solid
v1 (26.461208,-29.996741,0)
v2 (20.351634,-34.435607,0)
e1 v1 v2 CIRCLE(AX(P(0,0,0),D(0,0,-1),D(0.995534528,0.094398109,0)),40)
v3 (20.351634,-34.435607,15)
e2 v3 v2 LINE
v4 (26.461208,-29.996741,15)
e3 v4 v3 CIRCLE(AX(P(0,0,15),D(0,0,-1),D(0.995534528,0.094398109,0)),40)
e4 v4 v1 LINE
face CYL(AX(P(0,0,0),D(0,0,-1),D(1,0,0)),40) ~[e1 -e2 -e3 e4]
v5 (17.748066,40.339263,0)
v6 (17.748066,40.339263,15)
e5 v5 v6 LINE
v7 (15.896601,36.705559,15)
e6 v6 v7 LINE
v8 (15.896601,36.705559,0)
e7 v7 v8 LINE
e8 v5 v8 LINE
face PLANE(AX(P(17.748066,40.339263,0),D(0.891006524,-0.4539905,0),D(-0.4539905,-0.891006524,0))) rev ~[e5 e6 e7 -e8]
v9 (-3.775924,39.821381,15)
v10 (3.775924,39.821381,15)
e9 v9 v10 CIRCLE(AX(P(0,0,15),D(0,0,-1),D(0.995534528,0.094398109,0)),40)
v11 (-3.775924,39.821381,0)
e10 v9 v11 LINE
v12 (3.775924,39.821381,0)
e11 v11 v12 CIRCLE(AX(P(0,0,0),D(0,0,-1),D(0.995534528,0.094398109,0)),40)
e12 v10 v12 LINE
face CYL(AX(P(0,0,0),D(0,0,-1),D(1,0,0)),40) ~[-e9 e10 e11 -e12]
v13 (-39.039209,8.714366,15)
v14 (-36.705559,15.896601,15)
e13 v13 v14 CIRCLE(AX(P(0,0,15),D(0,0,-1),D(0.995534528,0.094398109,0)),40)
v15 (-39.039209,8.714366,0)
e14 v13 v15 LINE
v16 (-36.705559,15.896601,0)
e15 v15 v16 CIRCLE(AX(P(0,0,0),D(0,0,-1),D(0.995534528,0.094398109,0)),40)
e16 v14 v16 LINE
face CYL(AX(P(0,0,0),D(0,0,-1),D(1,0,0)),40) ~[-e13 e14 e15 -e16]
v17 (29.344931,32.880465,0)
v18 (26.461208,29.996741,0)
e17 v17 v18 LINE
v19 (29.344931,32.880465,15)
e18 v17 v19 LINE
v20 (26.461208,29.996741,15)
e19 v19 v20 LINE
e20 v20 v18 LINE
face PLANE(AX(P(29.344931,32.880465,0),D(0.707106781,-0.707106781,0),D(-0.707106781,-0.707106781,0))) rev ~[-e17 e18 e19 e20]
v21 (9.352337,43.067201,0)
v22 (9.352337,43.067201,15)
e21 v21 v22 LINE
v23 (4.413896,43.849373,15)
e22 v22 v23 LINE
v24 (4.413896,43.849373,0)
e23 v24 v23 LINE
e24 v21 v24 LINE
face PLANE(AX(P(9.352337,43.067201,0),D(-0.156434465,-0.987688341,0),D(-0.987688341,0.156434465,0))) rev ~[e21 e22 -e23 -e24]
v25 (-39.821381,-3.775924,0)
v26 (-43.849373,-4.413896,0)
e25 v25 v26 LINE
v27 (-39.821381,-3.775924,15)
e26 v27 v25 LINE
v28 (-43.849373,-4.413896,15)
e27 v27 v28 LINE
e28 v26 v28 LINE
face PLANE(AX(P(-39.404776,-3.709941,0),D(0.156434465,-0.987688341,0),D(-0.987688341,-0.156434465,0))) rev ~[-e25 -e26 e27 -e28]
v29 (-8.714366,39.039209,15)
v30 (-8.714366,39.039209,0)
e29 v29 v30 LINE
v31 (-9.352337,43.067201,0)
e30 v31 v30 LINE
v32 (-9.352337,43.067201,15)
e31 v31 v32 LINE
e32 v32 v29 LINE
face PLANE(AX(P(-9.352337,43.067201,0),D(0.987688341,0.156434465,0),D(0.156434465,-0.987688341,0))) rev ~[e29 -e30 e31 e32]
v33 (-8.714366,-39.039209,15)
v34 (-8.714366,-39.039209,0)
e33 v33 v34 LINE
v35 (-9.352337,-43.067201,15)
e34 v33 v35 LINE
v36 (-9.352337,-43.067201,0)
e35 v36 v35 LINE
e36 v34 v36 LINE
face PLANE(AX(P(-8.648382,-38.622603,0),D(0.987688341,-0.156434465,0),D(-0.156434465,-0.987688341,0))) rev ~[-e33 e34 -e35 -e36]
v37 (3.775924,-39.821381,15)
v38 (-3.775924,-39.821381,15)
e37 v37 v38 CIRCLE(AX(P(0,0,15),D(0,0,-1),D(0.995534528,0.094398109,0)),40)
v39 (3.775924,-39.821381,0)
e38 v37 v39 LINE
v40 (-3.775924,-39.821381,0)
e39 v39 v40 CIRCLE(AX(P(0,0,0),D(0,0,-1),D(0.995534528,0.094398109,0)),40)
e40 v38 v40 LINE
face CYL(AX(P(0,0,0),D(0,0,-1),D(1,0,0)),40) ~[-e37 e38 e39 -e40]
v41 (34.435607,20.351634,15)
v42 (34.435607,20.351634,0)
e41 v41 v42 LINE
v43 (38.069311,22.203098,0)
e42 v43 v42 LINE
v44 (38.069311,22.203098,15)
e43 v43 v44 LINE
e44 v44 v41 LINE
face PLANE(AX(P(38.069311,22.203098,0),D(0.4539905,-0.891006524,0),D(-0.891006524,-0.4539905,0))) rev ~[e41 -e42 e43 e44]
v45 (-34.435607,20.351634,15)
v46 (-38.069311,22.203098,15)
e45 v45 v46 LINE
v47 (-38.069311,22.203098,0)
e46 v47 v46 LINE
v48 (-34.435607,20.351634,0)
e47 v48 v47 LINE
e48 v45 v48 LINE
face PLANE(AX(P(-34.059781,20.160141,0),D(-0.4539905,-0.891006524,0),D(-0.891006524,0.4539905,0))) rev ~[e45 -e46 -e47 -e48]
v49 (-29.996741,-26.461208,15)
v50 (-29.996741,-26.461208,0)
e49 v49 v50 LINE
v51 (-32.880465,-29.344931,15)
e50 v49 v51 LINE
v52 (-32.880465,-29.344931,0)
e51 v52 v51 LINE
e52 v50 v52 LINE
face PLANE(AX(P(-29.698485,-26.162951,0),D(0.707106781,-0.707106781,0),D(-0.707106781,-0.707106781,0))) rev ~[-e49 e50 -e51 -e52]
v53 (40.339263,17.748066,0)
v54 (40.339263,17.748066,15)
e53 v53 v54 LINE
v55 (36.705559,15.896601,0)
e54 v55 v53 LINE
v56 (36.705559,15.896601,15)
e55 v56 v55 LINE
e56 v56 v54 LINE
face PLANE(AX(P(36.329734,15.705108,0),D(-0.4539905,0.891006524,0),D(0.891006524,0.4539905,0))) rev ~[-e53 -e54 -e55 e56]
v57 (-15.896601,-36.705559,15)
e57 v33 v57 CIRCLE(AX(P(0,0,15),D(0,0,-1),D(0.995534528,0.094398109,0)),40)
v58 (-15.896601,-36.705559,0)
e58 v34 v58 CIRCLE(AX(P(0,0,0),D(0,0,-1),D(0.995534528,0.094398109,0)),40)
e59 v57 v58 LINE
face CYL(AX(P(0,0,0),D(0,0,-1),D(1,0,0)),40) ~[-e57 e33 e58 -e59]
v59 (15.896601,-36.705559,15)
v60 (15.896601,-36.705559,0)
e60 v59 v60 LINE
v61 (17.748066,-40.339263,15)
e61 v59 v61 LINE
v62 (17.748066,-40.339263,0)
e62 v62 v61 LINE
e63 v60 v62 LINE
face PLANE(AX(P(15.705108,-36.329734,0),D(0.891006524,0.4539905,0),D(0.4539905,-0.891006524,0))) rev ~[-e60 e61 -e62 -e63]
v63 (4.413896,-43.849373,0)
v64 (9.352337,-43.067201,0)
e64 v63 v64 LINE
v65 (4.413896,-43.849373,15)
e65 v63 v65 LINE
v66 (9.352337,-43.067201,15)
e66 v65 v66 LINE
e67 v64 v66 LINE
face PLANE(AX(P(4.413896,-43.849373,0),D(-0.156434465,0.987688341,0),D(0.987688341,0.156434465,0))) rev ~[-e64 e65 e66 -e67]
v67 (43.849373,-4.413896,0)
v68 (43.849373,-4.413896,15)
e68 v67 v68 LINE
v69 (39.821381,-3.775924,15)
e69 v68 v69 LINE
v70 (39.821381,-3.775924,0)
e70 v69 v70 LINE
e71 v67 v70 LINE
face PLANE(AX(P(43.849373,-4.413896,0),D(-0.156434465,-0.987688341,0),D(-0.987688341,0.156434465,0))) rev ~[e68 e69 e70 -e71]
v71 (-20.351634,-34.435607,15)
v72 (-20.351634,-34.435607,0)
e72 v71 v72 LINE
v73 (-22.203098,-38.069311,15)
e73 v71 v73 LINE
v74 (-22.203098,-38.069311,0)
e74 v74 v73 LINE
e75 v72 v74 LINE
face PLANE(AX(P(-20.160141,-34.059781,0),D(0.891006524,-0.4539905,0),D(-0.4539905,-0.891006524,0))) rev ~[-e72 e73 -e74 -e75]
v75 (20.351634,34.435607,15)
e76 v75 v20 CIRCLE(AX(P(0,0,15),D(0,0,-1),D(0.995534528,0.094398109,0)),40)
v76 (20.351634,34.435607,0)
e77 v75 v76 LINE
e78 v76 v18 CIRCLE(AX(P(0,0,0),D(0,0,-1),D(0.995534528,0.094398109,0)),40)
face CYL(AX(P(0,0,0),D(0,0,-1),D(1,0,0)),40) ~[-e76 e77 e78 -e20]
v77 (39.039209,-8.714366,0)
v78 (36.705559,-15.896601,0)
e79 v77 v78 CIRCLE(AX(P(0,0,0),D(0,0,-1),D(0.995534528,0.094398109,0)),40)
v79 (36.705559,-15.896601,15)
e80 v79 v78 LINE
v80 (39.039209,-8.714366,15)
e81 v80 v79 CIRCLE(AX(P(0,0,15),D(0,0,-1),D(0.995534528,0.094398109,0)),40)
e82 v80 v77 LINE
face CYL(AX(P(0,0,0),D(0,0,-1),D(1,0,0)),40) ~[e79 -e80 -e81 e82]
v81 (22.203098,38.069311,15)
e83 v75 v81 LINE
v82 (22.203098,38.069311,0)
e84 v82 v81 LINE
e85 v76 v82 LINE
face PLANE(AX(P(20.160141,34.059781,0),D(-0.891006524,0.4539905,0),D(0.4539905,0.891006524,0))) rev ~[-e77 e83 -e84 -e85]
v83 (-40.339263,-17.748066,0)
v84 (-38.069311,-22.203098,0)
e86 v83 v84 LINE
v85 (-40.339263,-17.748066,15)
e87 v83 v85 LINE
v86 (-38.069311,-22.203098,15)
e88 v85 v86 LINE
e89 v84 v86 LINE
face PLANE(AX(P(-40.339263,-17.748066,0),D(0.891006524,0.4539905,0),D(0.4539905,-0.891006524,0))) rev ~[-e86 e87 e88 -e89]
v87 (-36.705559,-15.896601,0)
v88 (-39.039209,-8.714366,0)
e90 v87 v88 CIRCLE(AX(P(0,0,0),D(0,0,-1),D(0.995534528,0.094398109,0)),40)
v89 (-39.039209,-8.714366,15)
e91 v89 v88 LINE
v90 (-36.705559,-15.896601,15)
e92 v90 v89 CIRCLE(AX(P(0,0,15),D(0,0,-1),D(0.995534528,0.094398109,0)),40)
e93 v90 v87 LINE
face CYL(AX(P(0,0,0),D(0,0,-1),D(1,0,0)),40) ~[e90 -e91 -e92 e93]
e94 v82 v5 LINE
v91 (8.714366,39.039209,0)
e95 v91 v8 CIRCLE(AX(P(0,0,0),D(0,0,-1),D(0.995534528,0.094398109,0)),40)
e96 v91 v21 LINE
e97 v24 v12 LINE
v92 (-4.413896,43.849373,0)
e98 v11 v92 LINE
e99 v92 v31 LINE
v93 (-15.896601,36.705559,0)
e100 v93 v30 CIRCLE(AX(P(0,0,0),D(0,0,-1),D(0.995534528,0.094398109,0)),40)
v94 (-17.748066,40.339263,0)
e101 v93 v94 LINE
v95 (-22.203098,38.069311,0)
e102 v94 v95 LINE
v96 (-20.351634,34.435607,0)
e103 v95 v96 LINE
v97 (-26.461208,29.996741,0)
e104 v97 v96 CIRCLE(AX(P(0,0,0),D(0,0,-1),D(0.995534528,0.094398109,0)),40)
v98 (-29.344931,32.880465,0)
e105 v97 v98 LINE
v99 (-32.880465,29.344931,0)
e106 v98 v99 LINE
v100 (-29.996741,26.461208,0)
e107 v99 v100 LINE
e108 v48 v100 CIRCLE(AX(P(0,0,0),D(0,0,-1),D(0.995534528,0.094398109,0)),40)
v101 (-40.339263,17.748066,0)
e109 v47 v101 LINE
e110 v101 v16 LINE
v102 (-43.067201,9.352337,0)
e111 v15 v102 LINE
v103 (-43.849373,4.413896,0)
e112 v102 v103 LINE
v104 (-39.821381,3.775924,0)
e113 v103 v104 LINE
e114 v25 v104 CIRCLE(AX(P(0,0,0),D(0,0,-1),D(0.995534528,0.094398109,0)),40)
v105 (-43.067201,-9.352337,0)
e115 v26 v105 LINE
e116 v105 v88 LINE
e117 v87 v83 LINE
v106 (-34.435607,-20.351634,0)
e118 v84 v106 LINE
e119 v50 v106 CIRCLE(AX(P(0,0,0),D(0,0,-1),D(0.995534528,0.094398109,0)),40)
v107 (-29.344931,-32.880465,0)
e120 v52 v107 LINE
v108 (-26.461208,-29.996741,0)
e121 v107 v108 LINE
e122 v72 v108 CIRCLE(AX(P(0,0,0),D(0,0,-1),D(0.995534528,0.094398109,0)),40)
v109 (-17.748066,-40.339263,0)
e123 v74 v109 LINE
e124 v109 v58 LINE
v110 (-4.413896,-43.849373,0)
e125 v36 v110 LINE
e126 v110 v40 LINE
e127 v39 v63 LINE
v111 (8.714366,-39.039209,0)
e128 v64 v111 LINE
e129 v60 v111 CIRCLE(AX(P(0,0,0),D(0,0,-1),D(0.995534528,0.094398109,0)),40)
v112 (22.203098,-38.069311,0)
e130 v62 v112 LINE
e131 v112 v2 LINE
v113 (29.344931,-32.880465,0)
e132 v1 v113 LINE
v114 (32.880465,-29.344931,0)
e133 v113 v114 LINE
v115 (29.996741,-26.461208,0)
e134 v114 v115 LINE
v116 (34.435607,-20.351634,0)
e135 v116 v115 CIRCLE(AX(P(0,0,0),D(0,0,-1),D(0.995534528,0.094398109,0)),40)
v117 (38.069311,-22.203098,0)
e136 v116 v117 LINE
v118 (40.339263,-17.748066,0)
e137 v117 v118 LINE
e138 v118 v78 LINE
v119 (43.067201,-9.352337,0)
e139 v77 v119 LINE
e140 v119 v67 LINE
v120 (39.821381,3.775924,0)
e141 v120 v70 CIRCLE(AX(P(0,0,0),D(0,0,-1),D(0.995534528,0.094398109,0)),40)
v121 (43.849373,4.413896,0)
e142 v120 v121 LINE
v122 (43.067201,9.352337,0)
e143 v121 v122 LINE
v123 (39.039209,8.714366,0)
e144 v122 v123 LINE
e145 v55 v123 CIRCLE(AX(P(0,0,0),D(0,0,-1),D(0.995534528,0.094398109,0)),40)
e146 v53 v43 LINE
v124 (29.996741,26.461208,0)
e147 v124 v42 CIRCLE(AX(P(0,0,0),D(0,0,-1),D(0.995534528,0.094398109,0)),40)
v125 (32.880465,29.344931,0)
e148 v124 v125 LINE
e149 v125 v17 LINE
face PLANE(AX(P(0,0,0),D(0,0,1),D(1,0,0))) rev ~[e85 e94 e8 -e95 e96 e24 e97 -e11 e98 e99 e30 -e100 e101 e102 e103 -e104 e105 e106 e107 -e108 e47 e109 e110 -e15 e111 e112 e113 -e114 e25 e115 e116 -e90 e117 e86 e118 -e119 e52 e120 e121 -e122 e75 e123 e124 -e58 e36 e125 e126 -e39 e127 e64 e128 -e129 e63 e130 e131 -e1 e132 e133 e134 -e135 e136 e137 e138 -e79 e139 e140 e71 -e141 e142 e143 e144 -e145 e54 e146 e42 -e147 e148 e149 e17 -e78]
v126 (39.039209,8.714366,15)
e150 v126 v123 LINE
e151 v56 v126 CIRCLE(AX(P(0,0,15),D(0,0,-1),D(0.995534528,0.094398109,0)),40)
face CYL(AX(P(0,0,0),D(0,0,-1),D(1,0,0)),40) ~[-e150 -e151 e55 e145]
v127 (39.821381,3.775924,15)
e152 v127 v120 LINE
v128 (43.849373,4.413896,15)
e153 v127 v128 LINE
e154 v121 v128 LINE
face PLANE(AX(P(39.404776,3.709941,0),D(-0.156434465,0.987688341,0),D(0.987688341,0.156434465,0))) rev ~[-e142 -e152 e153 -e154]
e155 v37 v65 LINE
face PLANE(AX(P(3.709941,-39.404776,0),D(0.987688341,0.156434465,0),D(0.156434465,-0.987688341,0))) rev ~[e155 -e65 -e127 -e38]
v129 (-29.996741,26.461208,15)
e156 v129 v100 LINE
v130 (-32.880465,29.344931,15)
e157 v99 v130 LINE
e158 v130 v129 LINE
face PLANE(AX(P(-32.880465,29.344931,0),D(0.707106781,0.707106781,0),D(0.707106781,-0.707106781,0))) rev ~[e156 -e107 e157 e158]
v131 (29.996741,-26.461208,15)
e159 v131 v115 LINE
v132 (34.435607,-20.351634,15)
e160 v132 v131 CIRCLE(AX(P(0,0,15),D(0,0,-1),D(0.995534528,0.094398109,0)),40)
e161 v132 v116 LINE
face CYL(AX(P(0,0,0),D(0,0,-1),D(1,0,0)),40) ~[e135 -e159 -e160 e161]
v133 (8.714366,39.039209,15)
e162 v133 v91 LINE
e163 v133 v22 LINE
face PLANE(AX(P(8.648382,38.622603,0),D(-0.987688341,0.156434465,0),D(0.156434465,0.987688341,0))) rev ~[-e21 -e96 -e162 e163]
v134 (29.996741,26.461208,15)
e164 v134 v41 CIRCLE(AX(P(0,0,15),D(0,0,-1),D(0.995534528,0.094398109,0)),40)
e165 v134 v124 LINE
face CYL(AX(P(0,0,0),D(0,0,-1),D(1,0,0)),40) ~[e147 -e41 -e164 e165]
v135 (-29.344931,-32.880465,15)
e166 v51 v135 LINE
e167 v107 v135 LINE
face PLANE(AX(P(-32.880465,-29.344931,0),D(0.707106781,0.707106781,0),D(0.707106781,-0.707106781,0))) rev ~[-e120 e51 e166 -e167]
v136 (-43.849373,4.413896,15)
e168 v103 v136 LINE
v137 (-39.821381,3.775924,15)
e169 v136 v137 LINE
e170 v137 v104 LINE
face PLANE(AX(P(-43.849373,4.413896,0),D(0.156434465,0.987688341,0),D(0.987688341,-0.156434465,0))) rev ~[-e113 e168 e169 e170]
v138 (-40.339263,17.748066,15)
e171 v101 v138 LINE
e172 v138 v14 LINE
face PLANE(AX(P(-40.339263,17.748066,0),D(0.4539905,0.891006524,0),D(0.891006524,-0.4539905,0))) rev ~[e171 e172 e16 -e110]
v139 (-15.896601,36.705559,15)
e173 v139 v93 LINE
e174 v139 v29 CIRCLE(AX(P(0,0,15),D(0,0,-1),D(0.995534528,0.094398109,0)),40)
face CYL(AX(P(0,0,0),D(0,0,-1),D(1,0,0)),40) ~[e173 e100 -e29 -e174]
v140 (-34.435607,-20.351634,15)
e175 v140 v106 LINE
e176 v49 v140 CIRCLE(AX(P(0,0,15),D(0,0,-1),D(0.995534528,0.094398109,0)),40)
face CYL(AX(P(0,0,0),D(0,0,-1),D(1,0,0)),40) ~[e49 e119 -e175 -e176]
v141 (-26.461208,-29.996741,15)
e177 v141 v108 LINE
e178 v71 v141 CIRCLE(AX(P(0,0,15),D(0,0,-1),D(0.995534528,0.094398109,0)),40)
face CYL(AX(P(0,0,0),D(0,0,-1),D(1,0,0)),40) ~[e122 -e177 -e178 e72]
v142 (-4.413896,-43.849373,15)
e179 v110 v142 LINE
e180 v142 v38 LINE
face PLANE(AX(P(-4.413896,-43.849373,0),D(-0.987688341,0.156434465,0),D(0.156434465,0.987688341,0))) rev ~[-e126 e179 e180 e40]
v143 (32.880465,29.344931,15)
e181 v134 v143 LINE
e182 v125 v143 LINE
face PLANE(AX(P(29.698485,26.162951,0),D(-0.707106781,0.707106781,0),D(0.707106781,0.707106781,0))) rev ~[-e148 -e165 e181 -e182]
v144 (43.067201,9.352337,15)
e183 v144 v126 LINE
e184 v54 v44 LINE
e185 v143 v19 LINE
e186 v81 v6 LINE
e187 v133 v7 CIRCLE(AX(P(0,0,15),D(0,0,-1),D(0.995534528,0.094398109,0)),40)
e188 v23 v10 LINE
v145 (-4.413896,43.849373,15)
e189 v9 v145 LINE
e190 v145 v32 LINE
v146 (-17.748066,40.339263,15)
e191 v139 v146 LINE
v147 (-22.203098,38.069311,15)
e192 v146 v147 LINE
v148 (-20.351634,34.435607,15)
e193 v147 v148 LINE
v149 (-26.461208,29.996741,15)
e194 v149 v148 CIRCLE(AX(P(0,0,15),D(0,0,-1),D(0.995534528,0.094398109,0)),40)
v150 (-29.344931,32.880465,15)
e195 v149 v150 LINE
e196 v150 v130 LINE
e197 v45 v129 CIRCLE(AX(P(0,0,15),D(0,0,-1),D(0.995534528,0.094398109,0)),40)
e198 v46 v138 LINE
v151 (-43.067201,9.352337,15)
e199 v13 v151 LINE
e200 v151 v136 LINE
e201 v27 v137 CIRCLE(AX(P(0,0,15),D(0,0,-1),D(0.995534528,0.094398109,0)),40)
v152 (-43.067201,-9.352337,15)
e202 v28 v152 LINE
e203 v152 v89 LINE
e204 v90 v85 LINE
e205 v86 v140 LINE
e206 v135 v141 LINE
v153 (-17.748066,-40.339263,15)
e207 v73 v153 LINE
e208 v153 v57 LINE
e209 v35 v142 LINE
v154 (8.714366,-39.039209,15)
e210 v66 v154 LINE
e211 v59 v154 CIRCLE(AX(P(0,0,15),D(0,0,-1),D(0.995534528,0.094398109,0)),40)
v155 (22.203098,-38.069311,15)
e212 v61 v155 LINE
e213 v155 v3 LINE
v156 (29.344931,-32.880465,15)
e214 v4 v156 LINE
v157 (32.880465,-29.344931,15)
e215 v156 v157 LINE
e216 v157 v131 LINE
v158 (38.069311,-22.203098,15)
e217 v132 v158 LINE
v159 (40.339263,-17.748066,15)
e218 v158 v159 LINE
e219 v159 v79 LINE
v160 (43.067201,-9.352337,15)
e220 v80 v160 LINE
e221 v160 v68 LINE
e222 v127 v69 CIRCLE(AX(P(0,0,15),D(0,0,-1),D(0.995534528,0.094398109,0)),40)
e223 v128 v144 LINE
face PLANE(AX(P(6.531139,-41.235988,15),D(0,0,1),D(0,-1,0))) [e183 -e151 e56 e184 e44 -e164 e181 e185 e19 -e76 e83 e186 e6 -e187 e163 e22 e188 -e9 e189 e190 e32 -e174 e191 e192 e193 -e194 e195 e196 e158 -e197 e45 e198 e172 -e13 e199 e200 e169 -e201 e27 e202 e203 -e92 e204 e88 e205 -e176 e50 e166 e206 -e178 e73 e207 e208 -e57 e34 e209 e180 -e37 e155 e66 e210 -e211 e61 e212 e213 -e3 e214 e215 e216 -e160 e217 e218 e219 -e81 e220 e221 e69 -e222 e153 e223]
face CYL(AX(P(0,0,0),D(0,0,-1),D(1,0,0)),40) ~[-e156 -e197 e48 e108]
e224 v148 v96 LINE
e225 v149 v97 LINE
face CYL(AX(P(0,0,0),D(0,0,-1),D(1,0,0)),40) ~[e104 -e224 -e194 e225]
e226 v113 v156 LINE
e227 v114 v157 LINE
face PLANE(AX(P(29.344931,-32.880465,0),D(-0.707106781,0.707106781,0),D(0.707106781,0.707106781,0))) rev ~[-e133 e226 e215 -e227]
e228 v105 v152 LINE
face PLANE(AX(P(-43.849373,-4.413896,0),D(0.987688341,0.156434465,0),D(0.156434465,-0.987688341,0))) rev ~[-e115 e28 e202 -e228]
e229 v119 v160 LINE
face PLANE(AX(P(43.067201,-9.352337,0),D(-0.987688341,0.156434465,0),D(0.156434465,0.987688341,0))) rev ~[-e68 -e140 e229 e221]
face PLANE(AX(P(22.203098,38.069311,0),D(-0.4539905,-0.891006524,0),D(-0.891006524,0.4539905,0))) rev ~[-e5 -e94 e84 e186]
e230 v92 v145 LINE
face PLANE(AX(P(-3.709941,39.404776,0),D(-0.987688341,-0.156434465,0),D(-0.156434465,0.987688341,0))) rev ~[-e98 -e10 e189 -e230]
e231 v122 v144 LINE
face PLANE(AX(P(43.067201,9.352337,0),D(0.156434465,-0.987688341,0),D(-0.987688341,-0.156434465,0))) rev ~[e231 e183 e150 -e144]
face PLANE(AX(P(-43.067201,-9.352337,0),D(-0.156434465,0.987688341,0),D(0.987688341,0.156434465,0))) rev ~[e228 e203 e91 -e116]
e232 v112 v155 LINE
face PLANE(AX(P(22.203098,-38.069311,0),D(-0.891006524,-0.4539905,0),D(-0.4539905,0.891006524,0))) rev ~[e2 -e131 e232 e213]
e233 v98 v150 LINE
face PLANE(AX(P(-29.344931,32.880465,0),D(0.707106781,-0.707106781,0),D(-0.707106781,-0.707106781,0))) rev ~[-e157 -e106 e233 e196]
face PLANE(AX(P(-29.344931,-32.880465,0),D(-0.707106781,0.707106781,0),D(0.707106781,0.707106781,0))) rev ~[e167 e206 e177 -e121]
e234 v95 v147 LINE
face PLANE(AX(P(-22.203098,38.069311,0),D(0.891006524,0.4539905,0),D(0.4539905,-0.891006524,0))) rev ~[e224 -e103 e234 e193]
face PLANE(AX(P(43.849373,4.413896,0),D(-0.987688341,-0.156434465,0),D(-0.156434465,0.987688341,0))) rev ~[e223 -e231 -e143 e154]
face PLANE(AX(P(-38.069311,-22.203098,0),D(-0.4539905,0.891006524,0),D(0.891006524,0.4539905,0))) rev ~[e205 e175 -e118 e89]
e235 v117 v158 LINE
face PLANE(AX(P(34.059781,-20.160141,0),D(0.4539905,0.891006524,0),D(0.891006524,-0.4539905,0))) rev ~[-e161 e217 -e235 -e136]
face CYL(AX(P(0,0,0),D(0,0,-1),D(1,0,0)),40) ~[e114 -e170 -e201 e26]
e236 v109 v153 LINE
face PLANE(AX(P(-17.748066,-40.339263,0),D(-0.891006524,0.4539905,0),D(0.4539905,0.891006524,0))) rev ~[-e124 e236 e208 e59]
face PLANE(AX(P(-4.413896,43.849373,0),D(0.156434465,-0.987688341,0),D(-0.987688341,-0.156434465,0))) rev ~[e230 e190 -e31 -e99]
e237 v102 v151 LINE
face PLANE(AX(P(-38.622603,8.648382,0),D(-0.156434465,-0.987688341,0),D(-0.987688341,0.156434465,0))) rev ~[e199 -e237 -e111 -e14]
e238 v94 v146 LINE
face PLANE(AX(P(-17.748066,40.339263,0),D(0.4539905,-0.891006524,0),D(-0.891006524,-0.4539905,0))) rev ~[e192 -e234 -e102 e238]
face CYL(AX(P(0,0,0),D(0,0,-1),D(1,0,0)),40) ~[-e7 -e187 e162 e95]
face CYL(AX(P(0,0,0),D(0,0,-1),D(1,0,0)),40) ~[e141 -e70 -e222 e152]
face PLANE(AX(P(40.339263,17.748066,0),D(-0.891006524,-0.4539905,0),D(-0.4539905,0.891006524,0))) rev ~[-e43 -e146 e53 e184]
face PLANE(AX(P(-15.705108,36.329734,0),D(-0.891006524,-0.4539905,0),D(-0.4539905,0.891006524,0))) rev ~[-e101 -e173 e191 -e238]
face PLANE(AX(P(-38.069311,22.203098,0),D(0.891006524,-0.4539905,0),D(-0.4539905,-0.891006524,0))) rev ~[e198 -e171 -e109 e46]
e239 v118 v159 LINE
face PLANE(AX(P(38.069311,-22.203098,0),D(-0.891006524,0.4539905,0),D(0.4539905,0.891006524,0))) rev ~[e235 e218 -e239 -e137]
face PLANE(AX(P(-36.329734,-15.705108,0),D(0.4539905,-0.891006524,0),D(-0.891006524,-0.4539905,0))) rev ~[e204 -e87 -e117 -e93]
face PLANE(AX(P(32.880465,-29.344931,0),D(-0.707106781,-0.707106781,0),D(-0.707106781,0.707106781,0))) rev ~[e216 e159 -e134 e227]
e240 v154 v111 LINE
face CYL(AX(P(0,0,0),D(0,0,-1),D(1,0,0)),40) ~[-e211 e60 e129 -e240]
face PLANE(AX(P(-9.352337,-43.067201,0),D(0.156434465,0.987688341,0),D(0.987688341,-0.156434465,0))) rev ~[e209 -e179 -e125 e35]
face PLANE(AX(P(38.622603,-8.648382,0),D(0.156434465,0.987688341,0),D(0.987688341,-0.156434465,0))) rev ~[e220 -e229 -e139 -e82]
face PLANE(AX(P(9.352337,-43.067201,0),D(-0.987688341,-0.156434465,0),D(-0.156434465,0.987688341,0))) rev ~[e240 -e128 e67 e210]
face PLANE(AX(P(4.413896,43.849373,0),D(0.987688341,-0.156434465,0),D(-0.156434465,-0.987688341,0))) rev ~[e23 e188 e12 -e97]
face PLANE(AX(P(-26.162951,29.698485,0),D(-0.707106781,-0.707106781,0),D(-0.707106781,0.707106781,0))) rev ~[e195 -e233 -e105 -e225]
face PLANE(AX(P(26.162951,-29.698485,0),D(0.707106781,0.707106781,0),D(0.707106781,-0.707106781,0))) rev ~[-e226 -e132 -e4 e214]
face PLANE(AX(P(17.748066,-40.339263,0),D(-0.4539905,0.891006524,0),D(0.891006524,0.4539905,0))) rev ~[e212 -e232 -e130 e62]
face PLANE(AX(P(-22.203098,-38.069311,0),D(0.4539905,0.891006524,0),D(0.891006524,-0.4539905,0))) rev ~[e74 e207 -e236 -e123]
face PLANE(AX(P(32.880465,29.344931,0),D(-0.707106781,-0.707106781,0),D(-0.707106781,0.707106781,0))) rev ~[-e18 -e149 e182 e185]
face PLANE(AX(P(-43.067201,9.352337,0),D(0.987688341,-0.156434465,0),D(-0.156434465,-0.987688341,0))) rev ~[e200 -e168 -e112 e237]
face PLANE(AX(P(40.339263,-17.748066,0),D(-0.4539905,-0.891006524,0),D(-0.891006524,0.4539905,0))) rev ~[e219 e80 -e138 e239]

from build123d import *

# Parameters (mm, degrees)
SKETCH_1_R               = 40
EXTRUDE_1_DEPTH          = 15
EXTRUDE_2_DEPTH          = 15
PATTERN_CIRCULAR_1_COUNT = 20


with BuildPart() as part:
    # 草图1 → 凸台-拉伸1 (new body)
    with BuildSketch(Plane.XY):
        Circle(SKETCH_1_R)
    extrude(amount=EXTRUDE_1_DEPTH)

    # 草图2 → 凸台-拉伸2 (add)
    with BuildSketch(Plane.XY):
        Polygon((39.404775616, 3.709940518), (43.849373149, 4.41389561), (43.067200824, 9.352337313), (38.622603291, 8.648382221), align=None)
    extrude_2 = extrude(amount=EXTRUDE_2_DEPTH)

    # 阵列(圆周)1: 凸台-拉伸2 ×20 about axis
    pattern_circular_1_axis = Axis((0, 0, 15), (0, 0, -1))
    for i in range(1, PATTERN_CIRCULAR_1_COUNT):
        add(extrude_2.rotate(pattern_circular_1_axis, i * 360 / PATTERN_CIRCULAR_1_COUNT))


solid = part.part
